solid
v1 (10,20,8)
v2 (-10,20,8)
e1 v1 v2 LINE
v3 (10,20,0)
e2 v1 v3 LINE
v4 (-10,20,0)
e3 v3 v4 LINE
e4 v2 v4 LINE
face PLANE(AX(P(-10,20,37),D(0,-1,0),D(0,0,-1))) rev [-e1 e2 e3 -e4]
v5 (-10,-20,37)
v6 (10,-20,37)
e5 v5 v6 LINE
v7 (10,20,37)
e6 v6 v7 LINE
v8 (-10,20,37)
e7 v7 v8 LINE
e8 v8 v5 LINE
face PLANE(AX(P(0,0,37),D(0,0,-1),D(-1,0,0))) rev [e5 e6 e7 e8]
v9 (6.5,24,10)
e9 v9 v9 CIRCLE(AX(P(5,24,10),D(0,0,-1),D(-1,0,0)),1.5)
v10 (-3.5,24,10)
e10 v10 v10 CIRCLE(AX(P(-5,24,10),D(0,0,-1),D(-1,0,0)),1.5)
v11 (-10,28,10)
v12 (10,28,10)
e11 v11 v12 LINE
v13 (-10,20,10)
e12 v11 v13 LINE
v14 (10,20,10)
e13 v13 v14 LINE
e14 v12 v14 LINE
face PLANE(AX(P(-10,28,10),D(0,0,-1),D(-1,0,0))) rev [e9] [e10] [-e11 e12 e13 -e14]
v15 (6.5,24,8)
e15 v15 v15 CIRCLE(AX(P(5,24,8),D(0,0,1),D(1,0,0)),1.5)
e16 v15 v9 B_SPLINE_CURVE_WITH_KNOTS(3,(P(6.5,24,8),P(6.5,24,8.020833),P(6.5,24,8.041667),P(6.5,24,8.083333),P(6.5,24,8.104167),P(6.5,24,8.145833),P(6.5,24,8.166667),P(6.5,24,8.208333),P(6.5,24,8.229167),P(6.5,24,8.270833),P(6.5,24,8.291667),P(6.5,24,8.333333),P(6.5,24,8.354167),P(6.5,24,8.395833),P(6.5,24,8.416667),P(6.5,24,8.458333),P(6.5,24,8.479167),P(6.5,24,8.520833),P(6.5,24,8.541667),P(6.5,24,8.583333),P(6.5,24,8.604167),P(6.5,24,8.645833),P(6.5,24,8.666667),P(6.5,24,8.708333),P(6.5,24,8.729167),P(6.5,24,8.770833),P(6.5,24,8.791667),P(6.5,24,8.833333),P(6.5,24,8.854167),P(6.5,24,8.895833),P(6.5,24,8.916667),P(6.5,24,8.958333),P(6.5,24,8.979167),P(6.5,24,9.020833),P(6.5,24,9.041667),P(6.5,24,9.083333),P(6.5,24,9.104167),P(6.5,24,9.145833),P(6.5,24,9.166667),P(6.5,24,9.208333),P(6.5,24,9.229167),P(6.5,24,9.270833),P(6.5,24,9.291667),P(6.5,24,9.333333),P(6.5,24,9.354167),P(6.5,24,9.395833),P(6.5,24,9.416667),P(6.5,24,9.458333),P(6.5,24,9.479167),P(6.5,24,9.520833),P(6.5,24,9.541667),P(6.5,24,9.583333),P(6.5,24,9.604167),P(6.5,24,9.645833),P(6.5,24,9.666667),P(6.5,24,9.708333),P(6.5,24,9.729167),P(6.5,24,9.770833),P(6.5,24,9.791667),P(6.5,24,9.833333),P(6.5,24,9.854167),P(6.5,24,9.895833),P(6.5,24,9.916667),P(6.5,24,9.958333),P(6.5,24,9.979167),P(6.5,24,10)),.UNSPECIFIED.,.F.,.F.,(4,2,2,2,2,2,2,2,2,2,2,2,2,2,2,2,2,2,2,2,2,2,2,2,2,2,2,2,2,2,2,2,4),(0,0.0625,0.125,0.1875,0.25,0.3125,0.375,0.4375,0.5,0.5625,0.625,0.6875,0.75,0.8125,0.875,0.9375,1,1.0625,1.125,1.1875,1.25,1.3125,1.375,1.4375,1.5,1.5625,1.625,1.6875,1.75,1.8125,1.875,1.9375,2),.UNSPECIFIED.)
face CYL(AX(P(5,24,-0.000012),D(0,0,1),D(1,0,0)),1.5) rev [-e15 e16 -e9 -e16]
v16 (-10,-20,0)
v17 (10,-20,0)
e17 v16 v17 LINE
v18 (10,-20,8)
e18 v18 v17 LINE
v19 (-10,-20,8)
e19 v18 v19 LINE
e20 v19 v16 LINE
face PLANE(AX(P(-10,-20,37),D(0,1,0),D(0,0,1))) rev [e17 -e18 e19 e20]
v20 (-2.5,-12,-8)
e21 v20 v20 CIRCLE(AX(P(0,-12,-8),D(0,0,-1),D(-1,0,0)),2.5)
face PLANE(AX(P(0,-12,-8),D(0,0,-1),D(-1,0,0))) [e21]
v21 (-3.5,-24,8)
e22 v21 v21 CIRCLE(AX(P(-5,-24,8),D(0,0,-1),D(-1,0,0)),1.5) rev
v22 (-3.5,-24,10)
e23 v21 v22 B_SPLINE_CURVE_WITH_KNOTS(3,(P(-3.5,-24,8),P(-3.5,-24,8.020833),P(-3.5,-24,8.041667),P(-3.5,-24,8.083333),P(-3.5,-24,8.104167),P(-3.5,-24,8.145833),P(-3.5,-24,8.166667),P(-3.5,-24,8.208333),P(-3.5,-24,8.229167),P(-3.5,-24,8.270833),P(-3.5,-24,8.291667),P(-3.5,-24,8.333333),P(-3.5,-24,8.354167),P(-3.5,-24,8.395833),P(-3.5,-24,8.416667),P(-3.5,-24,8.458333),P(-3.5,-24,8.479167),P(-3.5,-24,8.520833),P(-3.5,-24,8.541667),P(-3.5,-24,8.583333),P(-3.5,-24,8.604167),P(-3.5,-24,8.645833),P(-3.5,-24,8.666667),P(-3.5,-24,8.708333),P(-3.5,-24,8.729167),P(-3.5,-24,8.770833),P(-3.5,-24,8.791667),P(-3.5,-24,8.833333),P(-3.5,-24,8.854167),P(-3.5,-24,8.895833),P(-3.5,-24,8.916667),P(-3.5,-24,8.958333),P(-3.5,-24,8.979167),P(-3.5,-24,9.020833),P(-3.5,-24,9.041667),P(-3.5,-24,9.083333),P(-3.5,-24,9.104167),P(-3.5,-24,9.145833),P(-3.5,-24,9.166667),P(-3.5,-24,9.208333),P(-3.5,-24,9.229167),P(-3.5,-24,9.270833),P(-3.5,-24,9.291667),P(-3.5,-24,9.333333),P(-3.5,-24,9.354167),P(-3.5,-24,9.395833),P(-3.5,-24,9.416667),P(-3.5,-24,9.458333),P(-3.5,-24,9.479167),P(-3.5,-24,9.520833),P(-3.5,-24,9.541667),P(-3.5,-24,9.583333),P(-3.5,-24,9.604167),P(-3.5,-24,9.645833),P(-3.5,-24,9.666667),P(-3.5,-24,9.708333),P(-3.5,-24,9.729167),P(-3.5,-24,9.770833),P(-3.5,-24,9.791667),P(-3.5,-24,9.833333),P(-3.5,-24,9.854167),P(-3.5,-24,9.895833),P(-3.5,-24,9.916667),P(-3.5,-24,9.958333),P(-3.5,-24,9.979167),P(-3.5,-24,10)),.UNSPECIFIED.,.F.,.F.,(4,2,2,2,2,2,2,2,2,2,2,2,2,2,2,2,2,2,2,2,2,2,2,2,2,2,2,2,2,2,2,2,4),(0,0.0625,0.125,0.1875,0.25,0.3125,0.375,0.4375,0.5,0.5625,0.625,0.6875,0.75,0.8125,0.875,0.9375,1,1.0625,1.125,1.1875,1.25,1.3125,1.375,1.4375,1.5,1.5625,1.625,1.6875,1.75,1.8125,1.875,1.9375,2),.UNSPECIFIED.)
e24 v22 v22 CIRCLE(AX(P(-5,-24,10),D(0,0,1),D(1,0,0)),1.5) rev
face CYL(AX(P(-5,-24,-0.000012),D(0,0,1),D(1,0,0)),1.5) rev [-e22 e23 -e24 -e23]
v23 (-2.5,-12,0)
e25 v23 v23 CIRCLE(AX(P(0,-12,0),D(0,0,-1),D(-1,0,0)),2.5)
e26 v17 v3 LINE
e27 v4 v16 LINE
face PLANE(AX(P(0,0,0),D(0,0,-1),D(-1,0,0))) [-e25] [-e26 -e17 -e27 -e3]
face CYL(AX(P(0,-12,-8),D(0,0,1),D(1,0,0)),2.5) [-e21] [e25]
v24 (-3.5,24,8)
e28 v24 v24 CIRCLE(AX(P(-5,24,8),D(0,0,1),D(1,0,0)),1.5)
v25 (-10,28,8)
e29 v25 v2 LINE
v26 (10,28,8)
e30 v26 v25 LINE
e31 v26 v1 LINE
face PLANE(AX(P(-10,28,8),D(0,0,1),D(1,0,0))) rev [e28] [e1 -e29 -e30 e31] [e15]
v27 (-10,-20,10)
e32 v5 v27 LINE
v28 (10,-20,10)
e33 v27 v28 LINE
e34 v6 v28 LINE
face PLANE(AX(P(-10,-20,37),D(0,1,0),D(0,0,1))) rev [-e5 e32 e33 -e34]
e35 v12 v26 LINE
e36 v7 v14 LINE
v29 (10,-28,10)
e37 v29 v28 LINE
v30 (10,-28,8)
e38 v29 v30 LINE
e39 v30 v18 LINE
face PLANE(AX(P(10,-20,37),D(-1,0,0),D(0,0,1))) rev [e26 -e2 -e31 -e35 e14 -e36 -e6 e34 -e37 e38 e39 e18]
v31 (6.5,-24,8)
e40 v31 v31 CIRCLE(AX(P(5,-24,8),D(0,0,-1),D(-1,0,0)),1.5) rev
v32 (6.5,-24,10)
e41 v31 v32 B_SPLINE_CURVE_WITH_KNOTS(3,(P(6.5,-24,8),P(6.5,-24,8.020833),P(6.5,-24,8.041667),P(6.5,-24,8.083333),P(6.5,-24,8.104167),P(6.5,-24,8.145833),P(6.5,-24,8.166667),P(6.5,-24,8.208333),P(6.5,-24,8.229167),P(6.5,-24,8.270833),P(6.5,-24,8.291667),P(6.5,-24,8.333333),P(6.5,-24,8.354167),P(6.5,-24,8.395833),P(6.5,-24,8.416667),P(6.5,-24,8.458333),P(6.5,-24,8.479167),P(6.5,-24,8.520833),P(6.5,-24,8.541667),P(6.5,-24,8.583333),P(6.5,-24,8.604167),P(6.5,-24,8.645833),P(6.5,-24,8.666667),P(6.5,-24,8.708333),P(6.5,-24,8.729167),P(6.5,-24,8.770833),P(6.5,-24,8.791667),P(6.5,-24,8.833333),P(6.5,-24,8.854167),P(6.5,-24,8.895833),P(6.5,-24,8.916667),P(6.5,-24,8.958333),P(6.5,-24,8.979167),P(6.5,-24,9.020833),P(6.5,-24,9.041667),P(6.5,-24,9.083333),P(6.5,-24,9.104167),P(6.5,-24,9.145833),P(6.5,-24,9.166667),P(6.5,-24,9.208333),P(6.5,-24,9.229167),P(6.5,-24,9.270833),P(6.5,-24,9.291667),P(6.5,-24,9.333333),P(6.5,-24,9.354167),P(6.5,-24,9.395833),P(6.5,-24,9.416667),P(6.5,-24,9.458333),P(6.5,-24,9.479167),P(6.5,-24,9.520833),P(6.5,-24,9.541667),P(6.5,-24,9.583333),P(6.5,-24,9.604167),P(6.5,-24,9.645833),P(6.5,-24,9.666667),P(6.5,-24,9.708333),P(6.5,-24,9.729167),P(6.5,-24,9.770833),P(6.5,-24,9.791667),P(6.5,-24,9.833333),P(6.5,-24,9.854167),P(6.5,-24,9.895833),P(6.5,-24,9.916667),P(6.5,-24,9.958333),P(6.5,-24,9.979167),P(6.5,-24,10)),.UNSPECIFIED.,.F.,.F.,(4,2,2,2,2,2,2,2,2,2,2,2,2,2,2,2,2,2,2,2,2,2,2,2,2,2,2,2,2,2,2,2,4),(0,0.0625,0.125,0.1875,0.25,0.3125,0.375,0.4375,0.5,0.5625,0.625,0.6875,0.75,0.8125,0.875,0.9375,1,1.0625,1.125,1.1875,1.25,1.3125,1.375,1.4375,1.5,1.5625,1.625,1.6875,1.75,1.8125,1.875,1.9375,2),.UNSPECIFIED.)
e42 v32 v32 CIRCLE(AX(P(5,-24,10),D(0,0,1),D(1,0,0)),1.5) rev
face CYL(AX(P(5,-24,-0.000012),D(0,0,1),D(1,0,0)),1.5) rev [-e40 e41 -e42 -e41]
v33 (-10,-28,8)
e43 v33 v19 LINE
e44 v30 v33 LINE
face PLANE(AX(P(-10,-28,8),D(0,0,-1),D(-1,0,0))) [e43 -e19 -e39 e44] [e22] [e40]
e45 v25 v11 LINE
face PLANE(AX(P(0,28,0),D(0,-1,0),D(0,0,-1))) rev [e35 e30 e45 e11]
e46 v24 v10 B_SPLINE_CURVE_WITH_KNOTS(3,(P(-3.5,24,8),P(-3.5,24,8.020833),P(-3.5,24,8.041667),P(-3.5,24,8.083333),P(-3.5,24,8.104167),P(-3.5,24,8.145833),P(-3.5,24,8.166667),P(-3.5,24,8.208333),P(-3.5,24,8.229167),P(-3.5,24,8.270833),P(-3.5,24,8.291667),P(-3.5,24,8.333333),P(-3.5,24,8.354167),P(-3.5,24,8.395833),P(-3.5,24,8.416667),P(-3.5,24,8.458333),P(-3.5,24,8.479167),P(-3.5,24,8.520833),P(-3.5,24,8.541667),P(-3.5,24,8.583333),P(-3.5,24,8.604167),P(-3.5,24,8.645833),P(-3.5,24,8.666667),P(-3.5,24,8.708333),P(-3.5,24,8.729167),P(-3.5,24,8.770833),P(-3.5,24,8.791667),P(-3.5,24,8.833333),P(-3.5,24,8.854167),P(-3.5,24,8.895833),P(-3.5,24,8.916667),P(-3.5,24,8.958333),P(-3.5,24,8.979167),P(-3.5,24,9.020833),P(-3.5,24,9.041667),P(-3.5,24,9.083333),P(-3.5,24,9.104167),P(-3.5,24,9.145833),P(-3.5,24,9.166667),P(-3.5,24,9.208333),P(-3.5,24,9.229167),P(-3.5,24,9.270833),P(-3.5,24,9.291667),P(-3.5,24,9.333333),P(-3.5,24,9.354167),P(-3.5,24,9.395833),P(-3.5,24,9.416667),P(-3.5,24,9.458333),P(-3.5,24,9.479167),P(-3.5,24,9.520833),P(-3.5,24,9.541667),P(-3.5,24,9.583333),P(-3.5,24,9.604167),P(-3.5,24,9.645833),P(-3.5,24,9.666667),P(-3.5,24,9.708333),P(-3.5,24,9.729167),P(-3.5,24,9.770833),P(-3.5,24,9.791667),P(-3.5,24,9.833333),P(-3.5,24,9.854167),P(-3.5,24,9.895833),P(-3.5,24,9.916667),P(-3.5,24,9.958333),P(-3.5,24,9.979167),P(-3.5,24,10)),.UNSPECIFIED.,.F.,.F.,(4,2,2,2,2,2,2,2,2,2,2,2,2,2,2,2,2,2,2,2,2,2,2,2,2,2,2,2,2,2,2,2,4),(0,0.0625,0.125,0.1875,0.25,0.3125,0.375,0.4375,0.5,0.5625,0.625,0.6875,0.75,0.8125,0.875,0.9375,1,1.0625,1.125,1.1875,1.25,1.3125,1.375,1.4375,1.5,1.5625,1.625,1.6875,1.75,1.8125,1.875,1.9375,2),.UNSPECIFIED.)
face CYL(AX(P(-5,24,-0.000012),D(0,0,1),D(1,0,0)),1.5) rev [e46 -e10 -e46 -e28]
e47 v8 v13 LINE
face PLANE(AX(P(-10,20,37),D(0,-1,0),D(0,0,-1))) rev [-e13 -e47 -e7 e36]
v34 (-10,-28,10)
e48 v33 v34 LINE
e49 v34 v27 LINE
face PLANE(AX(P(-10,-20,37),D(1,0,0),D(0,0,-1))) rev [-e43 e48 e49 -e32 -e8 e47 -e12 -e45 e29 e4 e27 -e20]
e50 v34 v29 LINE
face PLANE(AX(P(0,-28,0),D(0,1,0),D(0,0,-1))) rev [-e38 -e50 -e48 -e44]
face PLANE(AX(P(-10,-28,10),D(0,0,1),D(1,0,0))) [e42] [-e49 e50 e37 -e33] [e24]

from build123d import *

# Parameters (mm, degrees)
SKETCH1_W           = 20
SKETCH1_H           = 40
BOSS_EXTRUDE1_DEPTH = 37
SKETCH2_W           = 20
SKETCH2_H           = 2
BOSS_EXTRUDE2_DEPTH = 8
SKETCH3_R           = 1.5
CUT_EXTRUDE2_DEPTH  = 48.465777145
SKETCH4_R           = 2.5
BOSS_EXTRUDE3_DEPTH = 8


with BuildPart() as part:
    # Sketch1 → Boss-Extrude1 (new body)
    with BuildSketch(Plane.XY):
        Rectangle(SKETCH1_W, SKETCH1_H)
    extrude(amount=BOSS_EXTRUDE1_DEPTH)

    # Sketch2 → Boss-Extrude2 (add)
    with BuildSketch(Plane(origin=(0, 20, 0), x_dir=(1, 0, 0), z_dir=(0, 1, 0))):
        with Locations((0, -9)):
            Rectangle(SKETCH2_W, SKETCH2_H)
    boss_extrude2 = extrude(amount=BOSS_EXTRUDE2_DEPTH)

    # Sketch3 → Cut-Extrude2 (cut, symmetric)
    with BuildSketch(Plane.XY):
        with Locations((5, 24)):
            Circle(SKETCH3_R)
        with Locations((-5, 24)):
            Circle(SKETCH3_R)
    cut_extrude2 = extrude(amount=CUT_EXTRUDE2_DEPTH, both=True, mode=Mode.SUBTRACT)

    # Mirror3: Boss-Extrude2, Cut-Extrude2 across plane
    add(boss_extrude2.mirror(Plane.ZX))
    add(cut_extrude2.mirror(Plane.ZX), mode=Mode.SUBTRACT)

    # Sketch4 → Boss-Extrude3 (add)
    with BuildSketch(Plane(origin=(0, 0, 0), x_dir=(-1, 0, 0), z_dir=(0, 0, -1))):
        with Locations((0, -12)):
            Circle(SKETCH4_R)
    extrude(amount=BOSS_EXTRUDE3_DEPTH)


solid = part.part
